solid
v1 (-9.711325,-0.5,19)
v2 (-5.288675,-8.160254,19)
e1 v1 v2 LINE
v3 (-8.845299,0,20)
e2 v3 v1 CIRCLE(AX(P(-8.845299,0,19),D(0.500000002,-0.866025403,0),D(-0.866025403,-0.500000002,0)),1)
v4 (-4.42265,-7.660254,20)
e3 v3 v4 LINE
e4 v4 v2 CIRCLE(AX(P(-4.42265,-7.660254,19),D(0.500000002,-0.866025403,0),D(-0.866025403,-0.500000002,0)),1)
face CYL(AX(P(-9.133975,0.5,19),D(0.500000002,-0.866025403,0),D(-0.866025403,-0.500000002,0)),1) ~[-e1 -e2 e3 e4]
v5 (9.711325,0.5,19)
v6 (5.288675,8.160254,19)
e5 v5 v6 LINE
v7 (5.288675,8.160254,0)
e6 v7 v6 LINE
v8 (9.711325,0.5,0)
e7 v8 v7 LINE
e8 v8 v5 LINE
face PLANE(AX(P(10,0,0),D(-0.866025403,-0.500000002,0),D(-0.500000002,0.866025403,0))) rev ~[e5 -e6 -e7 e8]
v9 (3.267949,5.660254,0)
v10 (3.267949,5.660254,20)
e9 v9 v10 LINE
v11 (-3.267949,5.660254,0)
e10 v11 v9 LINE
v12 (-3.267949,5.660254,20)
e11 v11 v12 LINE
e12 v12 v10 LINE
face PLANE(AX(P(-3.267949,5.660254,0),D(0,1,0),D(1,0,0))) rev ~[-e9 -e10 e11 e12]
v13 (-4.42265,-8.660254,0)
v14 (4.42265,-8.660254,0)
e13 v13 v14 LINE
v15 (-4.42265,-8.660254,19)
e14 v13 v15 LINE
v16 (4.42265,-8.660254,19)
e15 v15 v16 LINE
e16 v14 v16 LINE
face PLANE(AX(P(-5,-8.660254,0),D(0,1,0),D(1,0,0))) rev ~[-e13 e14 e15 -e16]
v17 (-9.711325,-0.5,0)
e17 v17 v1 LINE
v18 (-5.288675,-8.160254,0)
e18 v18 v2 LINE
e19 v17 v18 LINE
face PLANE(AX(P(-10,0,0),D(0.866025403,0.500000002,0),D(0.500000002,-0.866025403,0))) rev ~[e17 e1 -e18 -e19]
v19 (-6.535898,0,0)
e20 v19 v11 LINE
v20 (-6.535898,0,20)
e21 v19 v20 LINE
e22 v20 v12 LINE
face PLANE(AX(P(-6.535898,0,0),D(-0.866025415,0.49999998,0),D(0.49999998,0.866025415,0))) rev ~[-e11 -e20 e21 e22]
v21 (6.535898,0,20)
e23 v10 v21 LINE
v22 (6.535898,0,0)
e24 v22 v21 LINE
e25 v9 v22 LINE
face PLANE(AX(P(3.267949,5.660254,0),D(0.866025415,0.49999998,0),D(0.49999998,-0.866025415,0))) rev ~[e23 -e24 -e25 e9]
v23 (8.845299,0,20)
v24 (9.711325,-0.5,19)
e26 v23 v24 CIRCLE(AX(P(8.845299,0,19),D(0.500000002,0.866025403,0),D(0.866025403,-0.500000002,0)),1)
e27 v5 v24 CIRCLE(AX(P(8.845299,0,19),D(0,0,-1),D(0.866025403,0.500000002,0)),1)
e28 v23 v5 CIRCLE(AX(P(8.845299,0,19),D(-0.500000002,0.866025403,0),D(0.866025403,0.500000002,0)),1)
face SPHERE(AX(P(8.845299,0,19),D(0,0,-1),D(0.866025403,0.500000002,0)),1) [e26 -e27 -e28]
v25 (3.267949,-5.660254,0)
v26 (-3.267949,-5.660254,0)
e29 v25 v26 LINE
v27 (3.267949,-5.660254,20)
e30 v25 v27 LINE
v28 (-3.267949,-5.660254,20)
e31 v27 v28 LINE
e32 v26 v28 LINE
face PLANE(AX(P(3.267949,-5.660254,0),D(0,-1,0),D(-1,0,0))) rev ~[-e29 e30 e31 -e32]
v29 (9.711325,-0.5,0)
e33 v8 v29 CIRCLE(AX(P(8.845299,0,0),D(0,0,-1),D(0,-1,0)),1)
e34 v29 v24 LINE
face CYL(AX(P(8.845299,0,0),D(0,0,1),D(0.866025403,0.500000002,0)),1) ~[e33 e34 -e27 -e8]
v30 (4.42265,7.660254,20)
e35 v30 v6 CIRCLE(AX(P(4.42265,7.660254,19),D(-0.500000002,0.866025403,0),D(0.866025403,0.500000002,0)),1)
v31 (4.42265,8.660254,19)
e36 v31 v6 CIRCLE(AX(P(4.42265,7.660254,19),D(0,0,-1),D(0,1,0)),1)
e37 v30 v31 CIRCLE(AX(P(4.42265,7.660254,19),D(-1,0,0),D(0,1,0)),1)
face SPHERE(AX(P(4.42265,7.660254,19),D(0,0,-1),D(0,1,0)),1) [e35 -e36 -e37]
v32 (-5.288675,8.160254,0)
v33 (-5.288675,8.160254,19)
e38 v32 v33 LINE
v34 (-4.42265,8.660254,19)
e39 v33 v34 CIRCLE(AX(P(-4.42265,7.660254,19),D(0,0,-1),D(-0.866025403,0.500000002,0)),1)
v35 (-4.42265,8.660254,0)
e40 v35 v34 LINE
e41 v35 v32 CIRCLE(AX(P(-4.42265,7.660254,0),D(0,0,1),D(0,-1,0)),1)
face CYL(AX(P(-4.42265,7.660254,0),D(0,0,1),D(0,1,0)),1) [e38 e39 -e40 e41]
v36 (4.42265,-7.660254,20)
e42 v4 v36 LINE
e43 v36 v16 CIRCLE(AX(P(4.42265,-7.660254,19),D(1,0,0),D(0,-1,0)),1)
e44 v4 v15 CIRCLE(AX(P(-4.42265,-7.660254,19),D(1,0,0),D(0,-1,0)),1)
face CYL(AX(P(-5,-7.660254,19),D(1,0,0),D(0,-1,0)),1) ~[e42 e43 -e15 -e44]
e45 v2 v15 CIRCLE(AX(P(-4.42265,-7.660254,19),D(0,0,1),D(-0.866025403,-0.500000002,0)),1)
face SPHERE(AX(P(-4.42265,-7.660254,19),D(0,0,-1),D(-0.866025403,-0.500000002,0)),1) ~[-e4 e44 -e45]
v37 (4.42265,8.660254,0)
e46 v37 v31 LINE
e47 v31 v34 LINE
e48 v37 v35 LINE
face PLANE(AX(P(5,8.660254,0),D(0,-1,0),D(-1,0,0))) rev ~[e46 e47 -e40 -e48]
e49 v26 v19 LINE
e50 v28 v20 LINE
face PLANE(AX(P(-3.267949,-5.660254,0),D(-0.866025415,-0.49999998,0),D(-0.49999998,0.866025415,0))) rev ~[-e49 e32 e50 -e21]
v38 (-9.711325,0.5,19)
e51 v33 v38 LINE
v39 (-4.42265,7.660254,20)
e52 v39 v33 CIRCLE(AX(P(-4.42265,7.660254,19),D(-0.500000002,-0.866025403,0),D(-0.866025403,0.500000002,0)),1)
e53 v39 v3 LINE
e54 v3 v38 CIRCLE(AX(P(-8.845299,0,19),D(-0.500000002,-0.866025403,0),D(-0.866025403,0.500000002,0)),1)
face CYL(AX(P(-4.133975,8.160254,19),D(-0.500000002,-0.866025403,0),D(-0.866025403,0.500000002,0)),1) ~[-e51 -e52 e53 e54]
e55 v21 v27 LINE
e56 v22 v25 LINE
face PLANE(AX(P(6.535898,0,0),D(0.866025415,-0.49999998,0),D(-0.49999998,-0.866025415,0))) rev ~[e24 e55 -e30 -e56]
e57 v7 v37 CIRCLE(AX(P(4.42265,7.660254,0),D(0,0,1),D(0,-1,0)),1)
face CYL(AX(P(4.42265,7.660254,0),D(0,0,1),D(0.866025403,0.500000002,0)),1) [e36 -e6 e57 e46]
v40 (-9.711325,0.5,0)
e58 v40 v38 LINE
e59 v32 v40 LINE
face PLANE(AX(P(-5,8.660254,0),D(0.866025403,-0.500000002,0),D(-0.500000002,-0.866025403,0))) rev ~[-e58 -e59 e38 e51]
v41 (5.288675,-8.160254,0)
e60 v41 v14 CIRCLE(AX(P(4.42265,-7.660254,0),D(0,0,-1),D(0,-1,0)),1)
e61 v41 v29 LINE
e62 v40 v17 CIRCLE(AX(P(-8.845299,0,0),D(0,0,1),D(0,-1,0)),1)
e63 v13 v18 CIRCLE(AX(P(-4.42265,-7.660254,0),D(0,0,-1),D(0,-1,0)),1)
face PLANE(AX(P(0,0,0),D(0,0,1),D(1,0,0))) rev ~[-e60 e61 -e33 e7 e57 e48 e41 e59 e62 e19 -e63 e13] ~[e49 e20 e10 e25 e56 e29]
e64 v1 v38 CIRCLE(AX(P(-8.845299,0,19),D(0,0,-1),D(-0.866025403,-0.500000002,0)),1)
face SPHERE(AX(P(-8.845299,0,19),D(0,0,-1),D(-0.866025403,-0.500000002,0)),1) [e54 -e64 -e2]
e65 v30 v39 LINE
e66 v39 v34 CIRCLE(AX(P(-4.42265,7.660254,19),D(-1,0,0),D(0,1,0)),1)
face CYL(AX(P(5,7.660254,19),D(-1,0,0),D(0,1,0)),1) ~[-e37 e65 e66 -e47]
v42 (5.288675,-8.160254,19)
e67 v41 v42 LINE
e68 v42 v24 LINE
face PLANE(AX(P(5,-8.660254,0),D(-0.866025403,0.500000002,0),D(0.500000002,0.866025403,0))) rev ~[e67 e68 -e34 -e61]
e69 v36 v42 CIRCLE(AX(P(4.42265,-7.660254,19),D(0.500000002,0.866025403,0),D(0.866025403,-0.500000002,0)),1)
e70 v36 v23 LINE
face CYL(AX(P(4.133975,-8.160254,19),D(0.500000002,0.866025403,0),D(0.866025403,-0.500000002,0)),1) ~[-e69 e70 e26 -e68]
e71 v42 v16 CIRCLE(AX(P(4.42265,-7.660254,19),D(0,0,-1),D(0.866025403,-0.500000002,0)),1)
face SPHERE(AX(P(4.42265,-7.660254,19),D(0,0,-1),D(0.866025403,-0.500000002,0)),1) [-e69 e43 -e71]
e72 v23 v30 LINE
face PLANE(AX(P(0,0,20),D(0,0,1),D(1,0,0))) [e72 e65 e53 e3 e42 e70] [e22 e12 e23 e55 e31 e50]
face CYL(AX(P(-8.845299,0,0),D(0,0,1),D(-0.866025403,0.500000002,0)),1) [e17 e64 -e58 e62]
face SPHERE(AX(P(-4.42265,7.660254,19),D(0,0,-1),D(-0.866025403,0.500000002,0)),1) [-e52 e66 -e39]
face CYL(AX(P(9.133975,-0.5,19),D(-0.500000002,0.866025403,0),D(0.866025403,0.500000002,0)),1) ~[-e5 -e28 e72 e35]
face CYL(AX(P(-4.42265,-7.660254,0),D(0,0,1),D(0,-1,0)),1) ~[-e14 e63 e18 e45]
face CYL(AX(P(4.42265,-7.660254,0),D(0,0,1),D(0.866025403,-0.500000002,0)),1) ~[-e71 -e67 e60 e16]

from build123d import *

# Parameters (mm, degrees)
F1_DEPTH = 20
F2_R     = 1


with BuildPart() as f1:
    # F0 (on Top) → F1 (new body)
    with BuildSketch(Plane.XY):
        Polygon((10, 0), (5, 8.660254), (-5, 8.660254), (-10, 0), (-5, -8.660254), (5, -8.660254), align=None)
        Polygon((3.267949, -5.660254), (-3.267949, -5.660254), (-6.535898, 0), (-3.267949, 5.660254), (3.267949, 5.660254), (6.535898, 0), align=None, mode=Mode.SUBTRACT)
    extrude(amount=F1_DEPTH)

    # F2
    f2_edges = [f1.edges().sort_by_distance(p)[0] for p in [
        (-7.5, -4.330127, 20),
        (-7.5, 4.330127, 20),
        (0, 8.660254, 20),
        (7.5, 4.330127, 20),
        (7.5, -4.330127, 20),
        (0, -8.660254, 20),
        (-5, -8.660254, 10),
        (10, 0, 10),
        (5, -8.660254, 10),
        (5, 8.660254, 10),
        (-5, 8.660254, 10),
        (-10, 0, 10),
    ]]
    fillet(f2_edges, radius=F2_R)


solid = f1.part
